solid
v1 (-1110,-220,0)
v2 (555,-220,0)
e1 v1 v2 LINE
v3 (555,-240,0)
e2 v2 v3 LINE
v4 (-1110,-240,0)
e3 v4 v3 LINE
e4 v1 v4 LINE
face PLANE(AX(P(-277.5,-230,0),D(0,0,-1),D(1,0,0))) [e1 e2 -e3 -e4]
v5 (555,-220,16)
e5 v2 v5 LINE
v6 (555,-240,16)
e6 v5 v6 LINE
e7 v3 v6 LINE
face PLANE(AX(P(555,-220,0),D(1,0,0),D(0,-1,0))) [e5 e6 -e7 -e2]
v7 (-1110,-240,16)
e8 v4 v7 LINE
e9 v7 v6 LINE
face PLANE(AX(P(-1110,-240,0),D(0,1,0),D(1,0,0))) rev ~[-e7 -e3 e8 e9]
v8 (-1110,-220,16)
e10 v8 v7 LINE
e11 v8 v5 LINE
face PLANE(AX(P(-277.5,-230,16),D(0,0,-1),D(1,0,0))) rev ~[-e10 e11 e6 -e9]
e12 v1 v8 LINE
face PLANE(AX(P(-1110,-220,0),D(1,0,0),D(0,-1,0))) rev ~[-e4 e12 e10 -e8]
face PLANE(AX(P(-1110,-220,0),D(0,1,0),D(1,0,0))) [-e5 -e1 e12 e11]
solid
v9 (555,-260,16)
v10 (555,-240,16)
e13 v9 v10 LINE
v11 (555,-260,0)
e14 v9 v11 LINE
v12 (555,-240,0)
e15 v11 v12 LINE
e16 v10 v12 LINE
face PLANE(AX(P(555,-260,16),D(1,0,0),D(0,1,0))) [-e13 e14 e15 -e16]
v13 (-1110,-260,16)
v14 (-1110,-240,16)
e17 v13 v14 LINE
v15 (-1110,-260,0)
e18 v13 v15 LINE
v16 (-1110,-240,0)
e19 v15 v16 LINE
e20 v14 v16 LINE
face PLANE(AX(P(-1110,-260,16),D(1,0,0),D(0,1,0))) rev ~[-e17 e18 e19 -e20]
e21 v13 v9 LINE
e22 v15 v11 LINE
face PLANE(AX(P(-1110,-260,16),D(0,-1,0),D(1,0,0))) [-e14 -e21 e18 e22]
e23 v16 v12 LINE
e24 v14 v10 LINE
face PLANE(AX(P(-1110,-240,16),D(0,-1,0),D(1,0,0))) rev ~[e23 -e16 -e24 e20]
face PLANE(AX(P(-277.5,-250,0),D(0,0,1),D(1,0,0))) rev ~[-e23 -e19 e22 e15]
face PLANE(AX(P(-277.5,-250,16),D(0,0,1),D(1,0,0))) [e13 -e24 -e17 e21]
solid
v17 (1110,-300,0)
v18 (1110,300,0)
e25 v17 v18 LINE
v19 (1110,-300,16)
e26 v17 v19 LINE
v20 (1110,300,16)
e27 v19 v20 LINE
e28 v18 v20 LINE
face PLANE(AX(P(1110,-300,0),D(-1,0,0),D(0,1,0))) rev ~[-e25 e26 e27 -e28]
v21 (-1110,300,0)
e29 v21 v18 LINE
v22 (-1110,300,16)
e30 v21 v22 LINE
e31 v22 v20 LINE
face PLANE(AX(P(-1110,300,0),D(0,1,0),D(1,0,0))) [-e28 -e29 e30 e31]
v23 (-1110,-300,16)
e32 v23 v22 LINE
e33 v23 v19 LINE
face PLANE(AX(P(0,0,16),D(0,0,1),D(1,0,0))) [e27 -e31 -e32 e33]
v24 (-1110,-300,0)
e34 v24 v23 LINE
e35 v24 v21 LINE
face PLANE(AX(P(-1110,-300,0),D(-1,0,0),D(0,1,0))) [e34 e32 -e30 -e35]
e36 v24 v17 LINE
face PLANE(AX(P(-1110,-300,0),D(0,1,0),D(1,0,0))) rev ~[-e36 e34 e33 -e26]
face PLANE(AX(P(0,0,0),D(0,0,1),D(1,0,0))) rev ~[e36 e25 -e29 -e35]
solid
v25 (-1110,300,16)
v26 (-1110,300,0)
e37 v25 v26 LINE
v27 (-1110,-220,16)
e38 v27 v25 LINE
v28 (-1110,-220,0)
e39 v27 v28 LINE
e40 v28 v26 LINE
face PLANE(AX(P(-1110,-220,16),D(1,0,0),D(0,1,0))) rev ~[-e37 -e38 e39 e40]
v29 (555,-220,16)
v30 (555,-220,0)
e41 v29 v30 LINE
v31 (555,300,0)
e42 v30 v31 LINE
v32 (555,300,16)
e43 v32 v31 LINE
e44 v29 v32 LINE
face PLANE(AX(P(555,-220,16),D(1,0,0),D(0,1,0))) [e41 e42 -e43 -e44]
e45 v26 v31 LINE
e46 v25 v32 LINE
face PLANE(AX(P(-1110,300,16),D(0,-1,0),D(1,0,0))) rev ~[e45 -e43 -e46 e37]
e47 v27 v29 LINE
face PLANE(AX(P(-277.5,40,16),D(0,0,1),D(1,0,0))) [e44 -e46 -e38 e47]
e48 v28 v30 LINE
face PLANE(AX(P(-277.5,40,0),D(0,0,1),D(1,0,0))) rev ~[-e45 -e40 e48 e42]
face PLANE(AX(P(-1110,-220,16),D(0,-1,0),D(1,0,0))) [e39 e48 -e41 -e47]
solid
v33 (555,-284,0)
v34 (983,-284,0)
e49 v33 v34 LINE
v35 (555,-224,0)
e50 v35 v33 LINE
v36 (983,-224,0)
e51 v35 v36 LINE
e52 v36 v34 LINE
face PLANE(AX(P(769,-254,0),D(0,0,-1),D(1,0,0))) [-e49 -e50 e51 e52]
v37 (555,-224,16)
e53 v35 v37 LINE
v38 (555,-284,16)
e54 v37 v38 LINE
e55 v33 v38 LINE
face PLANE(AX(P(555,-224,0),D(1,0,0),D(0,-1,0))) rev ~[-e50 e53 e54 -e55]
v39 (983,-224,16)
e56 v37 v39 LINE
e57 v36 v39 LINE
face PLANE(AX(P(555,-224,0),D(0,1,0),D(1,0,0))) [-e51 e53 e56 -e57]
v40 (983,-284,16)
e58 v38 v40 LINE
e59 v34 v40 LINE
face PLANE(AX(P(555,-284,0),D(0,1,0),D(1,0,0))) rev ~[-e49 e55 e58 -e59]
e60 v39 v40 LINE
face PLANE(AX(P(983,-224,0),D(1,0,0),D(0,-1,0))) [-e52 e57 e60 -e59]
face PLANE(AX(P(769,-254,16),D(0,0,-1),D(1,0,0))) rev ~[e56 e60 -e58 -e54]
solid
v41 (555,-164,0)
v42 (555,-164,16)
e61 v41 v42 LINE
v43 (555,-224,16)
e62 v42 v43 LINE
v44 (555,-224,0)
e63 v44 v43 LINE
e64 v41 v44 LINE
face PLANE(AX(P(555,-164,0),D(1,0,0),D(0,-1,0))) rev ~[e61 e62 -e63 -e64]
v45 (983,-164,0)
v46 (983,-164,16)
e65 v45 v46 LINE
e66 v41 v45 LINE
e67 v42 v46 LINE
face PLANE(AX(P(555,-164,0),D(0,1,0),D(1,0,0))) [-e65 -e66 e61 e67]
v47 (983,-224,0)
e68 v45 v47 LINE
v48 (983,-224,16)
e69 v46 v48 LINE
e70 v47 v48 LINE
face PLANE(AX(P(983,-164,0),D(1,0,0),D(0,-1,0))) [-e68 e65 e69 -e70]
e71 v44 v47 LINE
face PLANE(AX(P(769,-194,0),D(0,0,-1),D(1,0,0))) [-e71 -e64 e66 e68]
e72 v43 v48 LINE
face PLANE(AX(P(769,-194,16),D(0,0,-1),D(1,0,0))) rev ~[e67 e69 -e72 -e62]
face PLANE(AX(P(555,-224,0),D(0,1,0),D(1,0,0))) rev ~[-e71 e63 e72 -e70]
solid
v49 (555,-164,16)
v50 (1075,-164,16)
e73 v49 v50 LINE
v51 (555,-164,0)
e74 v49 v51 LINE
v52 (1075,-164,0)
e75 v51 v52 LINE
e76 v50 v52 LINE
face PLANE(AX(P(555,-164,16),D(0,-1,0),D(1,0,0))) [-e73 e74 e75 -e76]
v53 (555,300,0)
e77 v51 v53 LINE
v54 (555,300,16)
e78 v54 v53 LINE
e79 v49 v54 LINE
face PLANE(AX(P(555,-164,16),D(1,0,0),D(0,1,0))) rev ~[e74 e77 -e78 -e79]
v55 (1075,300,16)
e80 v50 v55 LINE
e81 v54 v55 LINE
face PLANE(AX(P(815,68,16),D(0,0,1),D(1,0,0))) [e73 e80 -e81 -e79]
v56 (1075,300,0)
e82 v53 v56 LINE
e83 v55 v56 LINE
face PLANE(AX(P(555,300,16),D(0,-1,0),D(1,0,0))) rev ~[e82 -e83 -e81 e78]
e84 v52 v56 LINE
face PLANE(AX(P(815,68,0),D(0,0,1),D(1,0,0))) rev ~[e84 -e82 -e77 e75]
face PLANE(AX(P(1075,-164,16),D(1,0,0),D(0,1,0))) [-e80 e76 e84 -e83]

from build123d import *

# Parameters (mm, degrees)
F0_W      = 2220
F0_H      = 600
F1_DEPTH  = 16
F2_W      = 1665
F2_H      = 520
F3_DEPTH  = 16
F4_W      = 1665
F4_H      = 20
F5_DEPTH  = 16
F6_W      = 1665
F6_H      = 20
F7_DEPTH  = 16
F8_W      = 520
F8_H      = 464
F9_DEPTH  = 16
F10_W     = 428
F10_H     = 60
F11_DEPTH = 16
F12_W     = 428
F12_H     = 60
F13_DEPTH = 16


with BuildPart() as f1:
    # F0 (on Top) → F1 (new body)
    with BuildSketch(Plane.XY):
        Rectangle(F0_W, F0_H)
    extrude(amount=F1_DEPTH)


with BuildPart() as f3:
    # F2 (on face) → F3 (new body)
    with BuildSketch(Plane.XY.offset(16)):
        with Locations((-277.5, 40)):
            Rectangle(F2_W, F2_H)
    extrude(amount=-F3_DEPTH)


with BuildPart() as f5:
    # F4 (on face) → F5 (new body)
    with BuildSketch(Plane(origin=(0, 0, 0), x_dir=(1, 0, 0), z_dir=(0, 0, -1))):
        with Locations((-277.5, 230)):
            Rectangle(F4_W, F4_H)
    extrude(amount=-F5_DEPTH)


with BuildPart() as f7:
    # F6 (on face) → F7 (new body)
    with BuildSketch(Plane.XY.offset(16)):
        with Locations((-277.5, -250)):
            Rectangle(F6_W, F6_H)
    extrude(amount=-F7_DEPTH)


with BuildPart() as f9:
    # F8 (on face) → F9 (new body)
    with BuildSketch(Plane.XY.offset(16)):
        with Locations((815, 68)):
            Rectangle(F8_W, F8_H)
    extrude(amount=-F9_DEPTH)


with BuildPart() as f11:
    # F10 (on face) → F11 (new body)
    with BuildSketch(Plane(origin=(0, 0, 0), x_dir=(1, 0, 0), z_dir=(0, 0, -1))):
        with Locations((769, 194)):
            Rectangle(F10_W, F10_H)
    extrude(amount=-F11_DEPTH)


with BuildPart() as f13:
    # F12 (on face) → F13 (new body)
    with BuildSketch(Plane(origin=(0, 0, 0), x_dir=(1, 0, 0), z_dir=(0, 0, -1))):
        with Locations((769, 254)):
            Rectangle(F12_W, F12_H)
    extrude(amount=-F13_DEPTH)


solid = Compound([f1.part, f3.part, f5.part, f7.part, f9.part, f11.part, f13.part])
